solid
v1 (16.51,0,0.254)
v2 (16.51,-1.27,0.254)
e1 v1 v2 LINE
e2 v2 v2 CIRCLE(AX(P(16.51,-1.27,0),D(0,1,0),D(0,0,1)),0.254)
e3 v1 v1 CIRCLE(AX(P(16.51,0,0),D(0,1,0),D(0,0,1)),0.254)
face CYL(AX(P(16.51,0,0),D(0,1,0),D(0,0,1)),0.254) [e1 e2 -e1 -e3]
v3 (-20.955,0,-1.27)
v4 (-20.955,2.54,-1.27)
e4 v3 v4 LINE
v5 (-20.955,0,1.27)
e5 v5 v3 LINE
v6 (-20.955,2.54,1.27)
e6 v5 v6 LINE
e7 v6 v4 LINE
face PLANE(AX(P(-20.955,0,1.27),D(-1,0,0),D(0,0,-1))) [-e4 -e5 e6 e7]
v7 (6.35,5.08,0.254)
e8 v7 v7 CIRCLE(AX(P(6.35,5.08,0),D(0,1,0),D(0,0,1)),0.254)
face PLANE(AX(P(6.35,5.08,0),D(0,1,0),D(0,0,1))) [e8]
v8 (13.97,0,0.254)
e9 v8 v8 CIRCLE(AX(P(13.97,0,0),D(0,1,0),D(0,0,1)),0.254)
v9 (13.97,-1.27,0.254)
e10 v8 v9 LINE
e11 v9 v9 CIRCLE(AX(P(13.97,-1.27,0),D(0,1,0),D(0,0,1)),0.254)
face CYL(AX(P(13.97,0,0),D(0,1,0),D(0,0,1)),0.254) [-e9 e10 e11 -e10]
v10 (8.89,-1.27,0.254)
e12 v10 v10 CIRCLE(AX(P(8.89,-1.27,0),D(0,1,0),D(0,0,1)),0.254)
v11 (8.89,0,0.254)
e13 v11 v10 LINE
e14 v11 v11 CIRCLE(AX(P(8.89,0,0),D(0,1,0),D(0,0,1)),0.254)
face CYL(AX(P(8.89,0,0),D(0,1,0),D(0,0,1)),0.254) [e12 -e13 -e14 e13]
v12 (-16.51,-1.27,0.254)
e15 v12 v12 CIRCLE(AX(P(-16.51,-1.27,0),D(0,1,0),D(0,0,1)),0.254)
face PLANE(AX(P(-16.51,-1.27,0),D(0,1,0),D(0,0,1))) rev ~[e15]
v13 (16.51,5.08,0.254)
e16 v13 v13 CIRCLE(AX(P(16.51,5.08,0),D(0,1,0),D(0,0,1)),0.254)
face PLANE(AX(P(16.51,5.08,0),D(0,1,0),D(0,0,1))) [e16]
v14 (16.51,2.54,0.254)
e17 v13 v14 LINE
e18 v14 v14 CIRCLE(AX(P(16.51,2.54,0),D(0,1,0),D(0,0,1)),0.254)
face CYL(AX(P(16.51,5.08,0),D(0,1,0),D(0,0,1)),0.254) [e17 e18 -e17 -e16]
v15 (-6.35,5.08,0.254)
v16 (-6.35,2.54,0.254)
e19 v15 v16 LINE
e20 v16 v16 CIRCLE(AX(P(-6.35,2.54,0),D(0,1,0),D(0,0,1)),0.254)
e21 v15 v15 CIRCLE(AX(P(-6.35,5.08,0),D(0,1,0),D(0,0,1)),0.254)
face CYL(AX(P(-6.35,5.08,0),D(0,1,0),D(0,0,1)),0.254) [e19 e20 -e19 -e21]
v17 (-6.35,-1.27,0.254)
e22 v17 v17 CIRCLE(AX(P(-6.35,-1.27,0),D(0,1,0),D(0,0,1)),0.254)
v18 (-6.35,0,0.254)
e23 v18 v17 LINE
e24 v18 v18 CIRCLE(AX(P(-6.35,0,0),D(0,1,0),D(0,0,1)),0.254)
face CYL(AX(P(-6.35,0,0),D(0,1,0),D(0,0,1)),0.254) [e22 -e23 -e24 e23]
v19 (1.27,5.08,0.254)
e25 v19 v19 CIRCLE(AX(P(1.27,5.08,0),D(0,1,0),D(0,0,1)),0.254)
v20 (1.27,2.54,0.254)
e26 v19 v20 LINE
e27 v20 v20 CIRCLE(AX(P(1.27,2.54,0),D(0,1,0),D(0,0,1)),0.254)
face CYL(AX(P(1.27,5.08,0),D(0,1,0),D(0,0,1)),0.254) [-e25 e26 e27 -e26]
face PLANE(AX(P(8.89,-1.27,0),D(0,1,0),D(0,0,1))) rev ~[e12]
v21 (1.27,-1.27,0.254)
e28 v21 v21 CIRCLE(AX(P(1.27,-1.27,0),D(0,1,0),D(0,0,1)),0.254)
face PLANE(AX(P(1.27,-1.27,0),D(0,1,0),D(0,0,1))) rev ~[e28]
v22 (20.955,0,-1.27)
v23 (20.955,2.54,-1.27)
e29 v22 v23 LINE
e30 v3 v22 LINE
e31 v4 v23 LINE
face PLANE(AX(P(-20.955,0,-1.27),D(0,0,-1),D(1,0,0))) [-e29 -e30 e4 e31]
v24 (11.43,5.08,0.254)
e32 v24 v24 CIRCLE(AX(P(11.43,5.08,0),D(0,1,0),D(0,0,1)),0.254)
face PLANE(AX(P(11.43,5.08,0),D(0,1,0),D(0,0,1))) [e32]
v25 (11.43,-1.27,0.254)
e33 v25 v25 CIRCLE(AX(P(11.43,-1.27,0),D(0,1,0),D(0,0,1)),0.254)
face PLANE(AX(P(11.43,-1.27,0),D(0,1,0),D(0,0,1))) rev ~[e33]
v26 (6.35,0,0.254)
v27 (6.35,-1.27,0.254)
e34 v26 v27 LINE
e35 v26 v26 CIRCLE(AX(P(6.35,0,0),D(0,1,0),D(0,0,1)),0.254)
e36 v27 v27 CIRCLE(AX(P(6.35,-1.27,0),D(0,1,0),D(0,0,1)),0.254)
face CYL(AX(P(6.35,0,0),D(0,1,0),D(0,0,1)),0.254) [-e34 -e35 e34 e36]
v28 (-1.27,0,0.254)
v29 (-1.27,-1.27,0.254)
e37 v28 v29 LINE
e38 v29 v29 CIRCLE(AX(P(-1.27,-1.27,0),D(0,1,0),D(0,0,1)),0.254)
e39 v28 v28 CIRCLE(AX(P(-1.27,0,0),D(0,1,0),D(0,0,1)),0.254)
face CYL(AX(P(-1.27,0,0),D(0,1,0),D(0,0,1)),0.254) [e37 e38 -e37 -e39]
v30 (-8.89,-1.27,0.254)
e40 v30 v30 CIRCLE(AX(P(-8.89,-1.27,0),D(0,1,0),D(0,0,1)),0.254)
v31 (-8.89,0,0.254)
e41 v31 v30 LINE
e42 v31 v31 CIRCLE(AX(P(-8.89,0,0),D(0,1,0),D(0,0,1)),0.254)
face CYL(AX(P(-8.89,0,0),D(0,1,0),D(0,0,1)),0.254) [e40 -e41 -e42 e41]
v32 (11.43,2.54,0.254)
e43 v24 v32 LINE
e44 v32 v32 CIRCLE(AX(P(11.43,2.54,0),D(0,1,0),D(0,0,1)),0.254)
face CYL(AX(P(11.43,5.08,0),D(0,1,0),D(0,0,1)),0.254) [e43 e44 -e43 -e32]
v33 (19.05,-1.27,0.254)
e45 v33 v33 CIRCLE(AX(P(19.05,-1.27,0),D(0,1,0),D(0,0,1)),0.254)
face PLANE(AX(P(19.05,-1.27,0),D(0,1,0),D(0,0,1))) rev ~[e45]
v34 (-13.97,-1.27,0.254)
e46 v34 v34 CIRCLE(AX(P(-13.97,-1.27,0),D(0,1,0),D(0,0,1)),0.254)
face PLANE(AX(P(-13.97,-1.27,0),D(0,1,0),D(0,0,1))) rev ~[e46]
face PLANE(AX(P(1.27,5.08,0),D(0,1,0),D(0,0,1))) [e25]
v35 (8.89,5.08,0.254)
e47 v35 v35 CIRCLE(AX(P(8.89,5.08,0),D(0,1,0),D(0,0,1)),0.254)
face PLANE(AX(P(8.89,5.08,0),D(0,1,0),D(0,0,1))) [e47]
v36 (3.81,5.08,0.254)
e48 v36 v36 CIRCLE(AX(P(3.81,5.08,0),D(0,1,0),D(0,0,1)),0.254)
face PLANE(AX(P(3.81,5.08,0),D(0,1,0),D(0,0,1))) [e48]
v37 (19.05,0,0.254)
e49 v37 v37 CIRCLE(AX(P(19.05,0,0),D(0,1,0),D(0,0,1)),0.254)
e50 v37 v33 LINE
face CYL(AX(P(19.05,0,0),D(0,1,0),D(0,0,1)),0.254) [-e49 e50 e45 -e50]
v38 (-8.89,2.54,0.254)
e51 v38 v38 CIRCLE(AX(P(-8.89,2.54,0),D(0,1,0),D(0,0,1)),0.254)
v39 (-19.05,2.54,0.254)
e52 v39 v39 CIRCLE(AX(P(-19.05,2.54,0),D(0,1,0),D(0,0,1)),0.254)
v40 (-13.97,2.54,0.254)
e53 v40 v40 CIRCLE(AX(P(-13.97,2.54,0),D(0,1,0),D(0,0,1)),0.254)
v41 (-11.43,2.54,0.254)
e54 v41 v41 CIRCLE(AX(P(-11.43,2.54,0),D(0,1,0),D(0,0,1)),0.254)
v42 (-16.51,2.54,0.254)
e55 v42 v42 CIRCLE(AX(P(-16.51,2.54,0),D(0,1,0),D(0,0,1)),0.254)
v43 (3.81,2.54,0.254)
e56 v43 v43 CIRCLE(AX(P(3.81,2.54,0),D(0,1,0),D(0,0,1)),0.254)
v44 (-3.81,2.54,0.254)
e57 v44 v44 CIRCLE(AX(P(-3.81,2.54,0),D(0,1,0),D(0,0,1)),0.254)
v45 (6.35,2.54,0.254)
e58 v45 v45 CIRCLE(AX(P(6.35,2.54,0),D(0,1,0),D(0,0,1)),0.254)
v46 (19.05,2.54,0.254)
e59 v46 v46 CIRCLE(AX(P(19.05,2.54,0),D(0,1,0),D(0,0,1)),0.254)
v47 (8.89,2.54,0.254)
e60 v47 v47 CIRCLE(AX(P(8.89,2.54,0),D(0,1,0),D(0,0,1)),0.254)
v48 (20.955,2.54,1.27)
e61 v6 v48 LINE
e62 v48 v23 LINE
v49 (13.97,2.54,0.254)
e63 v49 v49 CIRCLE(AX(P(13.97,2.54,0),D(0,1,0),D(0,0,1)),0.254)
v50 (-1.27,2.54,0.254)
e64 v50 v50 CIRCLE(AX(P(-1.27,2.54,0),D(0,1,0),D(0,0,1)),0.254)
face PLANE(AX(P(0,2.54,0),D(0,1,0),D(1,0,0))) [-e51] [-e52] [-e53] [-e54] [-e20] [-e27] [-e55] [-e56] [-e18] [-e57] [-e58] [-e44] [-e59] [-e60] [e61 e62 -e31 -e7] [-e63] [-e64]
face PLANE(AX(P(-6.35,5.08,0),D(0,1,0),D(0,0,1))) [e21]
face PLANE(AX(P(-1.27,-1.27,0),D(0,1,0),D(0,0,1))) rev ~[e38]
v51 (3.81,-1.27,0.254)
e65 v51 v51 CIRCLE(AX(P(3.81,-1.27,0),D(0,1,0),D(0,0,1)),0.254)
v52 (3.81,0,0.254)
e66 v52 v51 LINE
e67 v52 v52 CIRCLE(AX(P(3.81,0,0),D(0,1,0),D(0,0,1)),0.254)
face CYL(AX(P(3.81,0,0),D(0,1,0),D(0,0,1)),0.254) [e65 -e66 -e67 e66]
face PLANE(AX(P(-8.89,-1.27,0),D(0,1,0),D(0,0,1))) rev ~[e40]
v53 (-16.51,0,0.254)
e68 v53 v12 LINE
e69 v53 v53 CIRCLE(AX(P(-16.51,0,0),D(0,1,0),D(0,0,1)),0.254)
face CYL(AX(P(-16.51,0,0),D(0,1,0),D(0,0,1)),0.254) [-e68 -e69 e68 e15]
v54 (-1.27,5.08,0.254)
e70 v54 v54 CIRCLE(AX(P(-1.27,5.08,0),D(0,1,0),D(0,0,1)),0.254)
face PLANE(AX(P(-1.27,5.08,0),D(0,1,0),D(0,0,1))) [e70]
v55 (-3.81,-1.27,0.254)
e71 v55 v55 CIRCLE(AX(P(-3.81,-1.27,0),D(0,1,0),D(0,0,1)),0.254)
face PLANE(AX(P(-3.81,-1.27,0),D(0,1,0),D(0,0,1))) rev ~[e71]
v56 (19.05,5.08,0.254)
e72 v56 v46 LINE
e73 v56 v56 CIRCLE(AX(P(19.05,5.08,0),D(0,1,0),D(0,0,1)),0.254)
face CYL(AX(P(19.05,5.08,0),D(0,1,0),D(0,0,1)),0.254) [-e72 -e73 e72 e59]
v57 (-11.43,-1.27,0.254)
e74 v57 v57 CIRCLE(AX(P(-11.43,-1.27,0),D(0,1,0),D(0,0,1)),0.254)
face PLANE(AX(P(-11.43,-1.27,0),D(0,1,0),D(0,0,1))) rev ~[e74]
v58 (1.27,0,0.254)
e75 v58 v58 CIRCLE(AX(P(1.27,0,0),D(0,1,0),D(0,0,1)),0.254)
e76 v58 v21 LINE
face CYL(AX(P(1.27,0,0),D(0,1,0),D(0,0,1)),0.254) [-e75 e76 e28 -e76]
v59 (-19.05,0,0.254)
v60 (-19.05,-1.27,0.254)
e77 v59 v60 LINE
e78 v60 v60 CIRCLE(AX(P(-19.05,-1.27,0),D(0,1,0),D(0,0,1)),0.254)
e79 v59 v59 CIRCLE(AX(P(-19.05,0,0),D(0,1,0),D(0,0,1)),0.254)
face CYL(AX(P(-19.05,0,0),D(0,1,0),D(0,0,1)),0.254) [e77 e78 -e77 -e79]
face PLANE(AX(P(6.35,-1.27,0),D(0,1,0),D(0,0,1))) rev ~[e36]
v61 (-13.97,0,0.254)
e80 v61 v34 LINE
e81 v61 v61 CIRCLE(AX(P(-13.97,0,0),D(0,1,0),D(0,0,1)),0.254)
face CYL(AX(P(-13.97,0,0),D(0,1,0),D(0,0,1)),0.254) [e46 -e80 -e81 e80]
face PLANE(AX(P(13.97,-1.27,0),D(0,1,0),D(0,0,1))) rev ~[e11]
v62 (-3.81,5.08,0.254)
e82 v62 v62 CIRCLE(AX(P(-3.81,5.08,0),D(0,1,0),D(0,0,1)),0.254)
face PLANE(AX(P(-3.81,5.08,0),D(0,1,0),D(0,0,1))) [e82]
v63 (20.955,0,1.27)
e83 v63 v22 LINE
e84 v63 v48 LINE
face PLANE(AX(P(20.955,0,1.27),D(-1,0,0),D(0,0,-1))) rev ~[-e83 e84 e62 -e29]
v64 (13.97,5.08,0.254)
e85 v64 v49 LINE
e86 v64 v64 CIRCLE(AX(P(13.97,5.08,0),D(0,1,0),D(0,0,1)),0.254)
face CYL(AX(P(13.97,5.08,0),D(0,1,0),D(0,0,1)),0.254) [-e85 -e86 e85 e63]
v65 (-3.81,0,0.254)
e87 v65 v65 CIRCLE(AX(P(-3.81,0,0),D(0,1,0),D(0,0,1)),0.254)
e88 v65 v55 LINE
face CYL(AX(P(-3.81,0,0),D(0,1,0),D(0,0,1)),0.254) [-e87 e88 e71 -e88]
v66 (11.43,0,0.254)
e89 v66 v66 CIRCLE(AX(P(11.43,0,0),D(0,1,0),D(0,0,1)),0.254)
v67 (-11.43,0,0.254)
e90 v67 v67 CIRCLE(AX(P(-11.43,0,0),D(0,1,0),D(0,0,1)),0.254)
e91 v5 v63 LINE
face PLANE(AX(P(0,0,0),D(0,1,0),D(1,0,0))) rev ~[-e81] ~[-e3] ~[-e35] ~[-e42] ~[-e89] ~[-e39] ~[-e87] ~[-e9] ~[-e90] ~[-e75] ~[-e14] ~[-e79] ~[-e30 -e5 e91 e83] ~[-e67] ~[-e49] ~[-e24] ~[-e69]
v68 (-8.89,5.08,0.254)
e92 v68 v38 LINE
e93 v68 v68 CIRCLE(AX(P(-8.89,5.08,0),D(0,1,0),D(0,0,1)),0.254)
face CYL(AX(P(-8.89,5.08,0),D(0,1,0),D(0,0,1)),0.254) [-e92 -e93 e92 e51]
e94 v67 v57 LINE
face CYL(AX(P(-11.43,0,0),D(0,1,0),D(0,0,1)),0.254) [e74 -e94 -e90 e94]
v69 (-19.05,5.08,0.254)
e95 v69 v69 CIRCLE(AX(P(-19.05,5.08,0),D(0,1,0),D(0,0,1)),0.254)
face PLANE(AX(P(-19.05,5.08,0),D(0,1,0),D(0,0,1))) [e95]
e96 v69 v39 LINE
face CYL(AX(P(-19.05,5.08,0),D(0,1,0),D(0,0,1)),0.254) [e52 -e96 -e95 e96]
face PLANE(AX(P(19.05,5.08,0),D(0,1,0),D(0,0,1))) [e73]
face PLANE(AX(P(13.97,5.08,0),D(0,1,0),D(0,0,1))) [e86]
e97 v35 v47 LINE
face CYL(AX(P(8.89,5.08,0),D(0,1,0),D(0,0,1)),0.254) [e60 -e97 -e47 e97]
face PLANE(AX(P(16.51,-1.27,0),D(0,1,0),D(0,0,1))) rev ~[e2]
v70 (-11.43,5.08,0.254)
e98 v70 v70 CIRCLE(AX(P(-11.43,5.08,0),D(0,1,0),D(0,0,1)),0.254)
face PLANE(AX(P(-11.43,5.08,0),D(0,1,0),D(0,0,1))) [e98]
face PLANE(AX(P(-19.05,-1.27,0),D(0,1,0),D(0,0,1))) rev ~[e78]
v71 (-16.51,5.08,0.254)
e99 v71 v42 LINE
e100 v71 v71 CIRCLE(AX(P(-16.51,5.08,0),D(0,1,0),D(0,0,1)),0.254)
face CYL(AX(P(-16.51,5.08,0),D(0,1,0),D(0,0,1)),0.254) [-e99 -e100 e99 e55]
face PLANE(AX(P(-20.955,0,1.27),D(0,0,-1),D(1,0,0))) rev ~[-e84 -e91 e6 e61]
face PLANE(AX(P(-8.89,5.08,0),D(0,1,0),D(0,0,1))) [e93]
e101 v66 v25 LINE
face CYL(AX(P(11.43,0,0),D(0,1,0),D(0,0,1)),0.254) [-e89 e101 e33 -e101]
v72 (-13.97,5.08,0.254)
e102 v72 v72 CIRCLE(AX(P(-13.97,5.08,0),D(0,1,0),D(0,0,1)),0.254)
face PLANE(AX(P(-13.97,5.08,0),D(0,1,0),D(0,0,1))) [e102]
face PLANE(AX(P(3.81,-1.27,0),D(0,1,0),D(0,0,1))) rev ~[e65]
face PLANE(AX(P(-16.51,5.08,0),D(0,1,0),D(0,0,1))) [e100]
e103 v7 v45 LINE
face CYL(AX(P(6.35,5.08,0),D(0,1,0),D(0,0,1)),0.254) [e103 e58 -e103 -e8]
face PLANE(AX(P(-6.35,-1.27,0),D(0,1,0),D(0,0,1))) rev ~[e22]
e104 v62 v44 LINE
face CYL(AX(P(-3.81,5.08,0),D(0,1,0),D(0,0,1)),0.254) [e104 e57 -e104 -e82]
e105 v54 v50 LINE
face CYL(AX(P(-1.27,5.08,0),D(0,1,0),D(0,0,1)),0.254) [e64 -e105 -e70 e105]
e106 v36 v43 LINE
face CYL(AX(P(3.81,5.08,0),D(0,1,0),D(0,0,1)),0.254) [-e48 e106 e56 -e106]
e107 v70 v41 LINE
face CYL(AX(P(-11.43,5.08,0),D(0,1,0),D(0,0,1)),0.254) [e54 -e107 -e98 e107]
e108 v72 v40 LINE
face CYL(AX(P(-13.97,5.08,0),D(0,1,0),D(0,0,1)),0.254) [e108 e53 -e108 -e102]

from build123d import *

# Parameters (mm, degrees)
SKETCH1_W      = 41.91
SKETCH1_H      = 2.54
EXTRUDE1_DEPTH = 2.54
SKETCH2_R      = 0.254
EXTRUDE2_DEPTH = 1.27
EXTRUDE4_START = 2.54
SKETCH3_R      = 0.254
EXTRUDE4_DEPTH = 2.54


with BuildPart() as part:
    # Sketch1 → Extrude1 (new body)
    with BuildSketch(Plane(origin=(0, 0, 0), x_dir=(1, 0, 0), z_dir=(0, 1, 0))):
        Rectangle(SKETCH1_W, SKETCH1_H)
    extrude(amount=EXTRUDE1_DEPTH)

    # Sketch2 → Extrude2 (add)
    with BuildSketch(Plane(origin=(0, 0, 0), x_dir=(1, 0, 0), z_dir=(0, 1, 0))):
        with Locations(Location((19.05, 0, 0), (0, 0, 270))):
            Circle(SKETCH2_R)
        with Locations(Location((16.51, 0, 0), (0, 0, 270))):
            Circle(SKETCH2_R)
        with Locations(Location((13.97, 0, 0), (0, 0, 270))):
            Circle(SKETCH2_R)
        with Locations(Location((11.43, 0, 0), (0, 0, 270))):
            Circle(SKETCH2_R)
        with Locations(Location((8.89, 0, 0), (0, 0, 270))):
            Circle(SKETCH2_R)
        with Locations(Location((6.35, 0, 0), (0, 0, 270))):
            Circle(SKETCH2_R)
        with Locations(Location((3.81, 0, 0), (0, 0, 270))):
            Circle(SKETCH2_R)
        with Locations(Location((1.27, 0, 0), (0, 0, 270))):
            Circle(SKETCH2_R)
        with Locations(Location((-1.27, 0, 0), (0, 0, 270))):
            Circle(SKETCH2_R)
        with Locations(Location((-3.81, 0, 0), (0, 0, 270))):
            Circle(SKETCH2_R)
        with Locations(Location((-6.35, 0, 0), (0, 0, 270))):
            Circle(SKETCH2_R)
        with Locations(Location((-8.89, 0, 0), (0, 0, 270))):
            Circle(SKETCH2_R)
        with Locations(Location((-11.43, 0, 0), (0, 0, 270))):
            Circle(SKETCH2_R)
        with Locations(Location((-13.97, 0, 0), (0, 0, 270))):
            Circle(SKETCH2_R)
        with Locations(Location((-16.51, 0, 0), (0, 0, 270))):
            Circle(SKETCH2_R)
        with Locations(Location((-19.05, 0, 0), (0, 0, 270))):
            Circle(SKETCH2_R)
    extrude(amount=-EXTRUDE2_DEPTH)

    # Sketch3 → Extrude4 (add)
    with BuildSketch(Plane(origin=(0, 2.54, 0), x_dir=(1, 0, 0), z_dir=(0, 1, 0)).offset(EXTRUDE4_START)):
        with Locations(Location((6.35, 0, 0), (0, 0, 270))):
            Circle(SKETCH3_R)
        with Locations(Location((8.89, 0, 0), (0, 0, 270))):
            Circle(SKETCH3_R)
        with Locations(Location((11.43, 0, 0), (0, 0, 270))):
            Circle(SKETCH3_R)
        with Locations(Location((13.97, 0, 0), (0, 0, 270))):
            Circle(SKETCH3_R)
        with Locations(Location((16.51, 0, 0), (0, 0, 270))):
            Circle(SKETCH3_R)
        with Locations(Location((19.05, 0, 0), (0, 0, 270))):
            Circle(SKETCH3_R)
        with Locations(Location((-13.97, 0, 0), (0, 0, 270))):
            Circle(SKETCH3_R)
        with Locations(Location((-11.43, 0, 0), (0, 0, 270))):
            Circle(SKETCH3_R)
        with Locations(Location((-8.89, 0, 0), (0, 0, 270))):
            Circle(SKETCH3_R)
        with Locations(Location((-6.35, 0, 0), (0, 0, 270))):
            Circle(SKETCH3_R)
        with Locations(Location((-3.81, 0, 0), (0, 0, 270))):
            Circle(SKETCH3_R)
        with Locations(Location((-1.27, 0, 0), (0, 0, 270))):
            Circle(SKETCH3_R)
        with Locations(Location((1.27, 0, 0), (0, 0, 270))):
            Circle(SKETCH3_R)
        with Locations(Location((3.81, 0, 0), (0, 0, 270))):
            Circle(SKETCH3_R)
        with Locations(Location((-19.05, 0, 0), (0, 0, 270))):
            Circle(SKETCH3_R)
        with Locations(Location((-16.51, 0, 0), (0, 0, 270))):
            Circle(SKETCH3_R)
    extrude(amount=-EXTRUDE4_DEPTH)


solid = part.part
